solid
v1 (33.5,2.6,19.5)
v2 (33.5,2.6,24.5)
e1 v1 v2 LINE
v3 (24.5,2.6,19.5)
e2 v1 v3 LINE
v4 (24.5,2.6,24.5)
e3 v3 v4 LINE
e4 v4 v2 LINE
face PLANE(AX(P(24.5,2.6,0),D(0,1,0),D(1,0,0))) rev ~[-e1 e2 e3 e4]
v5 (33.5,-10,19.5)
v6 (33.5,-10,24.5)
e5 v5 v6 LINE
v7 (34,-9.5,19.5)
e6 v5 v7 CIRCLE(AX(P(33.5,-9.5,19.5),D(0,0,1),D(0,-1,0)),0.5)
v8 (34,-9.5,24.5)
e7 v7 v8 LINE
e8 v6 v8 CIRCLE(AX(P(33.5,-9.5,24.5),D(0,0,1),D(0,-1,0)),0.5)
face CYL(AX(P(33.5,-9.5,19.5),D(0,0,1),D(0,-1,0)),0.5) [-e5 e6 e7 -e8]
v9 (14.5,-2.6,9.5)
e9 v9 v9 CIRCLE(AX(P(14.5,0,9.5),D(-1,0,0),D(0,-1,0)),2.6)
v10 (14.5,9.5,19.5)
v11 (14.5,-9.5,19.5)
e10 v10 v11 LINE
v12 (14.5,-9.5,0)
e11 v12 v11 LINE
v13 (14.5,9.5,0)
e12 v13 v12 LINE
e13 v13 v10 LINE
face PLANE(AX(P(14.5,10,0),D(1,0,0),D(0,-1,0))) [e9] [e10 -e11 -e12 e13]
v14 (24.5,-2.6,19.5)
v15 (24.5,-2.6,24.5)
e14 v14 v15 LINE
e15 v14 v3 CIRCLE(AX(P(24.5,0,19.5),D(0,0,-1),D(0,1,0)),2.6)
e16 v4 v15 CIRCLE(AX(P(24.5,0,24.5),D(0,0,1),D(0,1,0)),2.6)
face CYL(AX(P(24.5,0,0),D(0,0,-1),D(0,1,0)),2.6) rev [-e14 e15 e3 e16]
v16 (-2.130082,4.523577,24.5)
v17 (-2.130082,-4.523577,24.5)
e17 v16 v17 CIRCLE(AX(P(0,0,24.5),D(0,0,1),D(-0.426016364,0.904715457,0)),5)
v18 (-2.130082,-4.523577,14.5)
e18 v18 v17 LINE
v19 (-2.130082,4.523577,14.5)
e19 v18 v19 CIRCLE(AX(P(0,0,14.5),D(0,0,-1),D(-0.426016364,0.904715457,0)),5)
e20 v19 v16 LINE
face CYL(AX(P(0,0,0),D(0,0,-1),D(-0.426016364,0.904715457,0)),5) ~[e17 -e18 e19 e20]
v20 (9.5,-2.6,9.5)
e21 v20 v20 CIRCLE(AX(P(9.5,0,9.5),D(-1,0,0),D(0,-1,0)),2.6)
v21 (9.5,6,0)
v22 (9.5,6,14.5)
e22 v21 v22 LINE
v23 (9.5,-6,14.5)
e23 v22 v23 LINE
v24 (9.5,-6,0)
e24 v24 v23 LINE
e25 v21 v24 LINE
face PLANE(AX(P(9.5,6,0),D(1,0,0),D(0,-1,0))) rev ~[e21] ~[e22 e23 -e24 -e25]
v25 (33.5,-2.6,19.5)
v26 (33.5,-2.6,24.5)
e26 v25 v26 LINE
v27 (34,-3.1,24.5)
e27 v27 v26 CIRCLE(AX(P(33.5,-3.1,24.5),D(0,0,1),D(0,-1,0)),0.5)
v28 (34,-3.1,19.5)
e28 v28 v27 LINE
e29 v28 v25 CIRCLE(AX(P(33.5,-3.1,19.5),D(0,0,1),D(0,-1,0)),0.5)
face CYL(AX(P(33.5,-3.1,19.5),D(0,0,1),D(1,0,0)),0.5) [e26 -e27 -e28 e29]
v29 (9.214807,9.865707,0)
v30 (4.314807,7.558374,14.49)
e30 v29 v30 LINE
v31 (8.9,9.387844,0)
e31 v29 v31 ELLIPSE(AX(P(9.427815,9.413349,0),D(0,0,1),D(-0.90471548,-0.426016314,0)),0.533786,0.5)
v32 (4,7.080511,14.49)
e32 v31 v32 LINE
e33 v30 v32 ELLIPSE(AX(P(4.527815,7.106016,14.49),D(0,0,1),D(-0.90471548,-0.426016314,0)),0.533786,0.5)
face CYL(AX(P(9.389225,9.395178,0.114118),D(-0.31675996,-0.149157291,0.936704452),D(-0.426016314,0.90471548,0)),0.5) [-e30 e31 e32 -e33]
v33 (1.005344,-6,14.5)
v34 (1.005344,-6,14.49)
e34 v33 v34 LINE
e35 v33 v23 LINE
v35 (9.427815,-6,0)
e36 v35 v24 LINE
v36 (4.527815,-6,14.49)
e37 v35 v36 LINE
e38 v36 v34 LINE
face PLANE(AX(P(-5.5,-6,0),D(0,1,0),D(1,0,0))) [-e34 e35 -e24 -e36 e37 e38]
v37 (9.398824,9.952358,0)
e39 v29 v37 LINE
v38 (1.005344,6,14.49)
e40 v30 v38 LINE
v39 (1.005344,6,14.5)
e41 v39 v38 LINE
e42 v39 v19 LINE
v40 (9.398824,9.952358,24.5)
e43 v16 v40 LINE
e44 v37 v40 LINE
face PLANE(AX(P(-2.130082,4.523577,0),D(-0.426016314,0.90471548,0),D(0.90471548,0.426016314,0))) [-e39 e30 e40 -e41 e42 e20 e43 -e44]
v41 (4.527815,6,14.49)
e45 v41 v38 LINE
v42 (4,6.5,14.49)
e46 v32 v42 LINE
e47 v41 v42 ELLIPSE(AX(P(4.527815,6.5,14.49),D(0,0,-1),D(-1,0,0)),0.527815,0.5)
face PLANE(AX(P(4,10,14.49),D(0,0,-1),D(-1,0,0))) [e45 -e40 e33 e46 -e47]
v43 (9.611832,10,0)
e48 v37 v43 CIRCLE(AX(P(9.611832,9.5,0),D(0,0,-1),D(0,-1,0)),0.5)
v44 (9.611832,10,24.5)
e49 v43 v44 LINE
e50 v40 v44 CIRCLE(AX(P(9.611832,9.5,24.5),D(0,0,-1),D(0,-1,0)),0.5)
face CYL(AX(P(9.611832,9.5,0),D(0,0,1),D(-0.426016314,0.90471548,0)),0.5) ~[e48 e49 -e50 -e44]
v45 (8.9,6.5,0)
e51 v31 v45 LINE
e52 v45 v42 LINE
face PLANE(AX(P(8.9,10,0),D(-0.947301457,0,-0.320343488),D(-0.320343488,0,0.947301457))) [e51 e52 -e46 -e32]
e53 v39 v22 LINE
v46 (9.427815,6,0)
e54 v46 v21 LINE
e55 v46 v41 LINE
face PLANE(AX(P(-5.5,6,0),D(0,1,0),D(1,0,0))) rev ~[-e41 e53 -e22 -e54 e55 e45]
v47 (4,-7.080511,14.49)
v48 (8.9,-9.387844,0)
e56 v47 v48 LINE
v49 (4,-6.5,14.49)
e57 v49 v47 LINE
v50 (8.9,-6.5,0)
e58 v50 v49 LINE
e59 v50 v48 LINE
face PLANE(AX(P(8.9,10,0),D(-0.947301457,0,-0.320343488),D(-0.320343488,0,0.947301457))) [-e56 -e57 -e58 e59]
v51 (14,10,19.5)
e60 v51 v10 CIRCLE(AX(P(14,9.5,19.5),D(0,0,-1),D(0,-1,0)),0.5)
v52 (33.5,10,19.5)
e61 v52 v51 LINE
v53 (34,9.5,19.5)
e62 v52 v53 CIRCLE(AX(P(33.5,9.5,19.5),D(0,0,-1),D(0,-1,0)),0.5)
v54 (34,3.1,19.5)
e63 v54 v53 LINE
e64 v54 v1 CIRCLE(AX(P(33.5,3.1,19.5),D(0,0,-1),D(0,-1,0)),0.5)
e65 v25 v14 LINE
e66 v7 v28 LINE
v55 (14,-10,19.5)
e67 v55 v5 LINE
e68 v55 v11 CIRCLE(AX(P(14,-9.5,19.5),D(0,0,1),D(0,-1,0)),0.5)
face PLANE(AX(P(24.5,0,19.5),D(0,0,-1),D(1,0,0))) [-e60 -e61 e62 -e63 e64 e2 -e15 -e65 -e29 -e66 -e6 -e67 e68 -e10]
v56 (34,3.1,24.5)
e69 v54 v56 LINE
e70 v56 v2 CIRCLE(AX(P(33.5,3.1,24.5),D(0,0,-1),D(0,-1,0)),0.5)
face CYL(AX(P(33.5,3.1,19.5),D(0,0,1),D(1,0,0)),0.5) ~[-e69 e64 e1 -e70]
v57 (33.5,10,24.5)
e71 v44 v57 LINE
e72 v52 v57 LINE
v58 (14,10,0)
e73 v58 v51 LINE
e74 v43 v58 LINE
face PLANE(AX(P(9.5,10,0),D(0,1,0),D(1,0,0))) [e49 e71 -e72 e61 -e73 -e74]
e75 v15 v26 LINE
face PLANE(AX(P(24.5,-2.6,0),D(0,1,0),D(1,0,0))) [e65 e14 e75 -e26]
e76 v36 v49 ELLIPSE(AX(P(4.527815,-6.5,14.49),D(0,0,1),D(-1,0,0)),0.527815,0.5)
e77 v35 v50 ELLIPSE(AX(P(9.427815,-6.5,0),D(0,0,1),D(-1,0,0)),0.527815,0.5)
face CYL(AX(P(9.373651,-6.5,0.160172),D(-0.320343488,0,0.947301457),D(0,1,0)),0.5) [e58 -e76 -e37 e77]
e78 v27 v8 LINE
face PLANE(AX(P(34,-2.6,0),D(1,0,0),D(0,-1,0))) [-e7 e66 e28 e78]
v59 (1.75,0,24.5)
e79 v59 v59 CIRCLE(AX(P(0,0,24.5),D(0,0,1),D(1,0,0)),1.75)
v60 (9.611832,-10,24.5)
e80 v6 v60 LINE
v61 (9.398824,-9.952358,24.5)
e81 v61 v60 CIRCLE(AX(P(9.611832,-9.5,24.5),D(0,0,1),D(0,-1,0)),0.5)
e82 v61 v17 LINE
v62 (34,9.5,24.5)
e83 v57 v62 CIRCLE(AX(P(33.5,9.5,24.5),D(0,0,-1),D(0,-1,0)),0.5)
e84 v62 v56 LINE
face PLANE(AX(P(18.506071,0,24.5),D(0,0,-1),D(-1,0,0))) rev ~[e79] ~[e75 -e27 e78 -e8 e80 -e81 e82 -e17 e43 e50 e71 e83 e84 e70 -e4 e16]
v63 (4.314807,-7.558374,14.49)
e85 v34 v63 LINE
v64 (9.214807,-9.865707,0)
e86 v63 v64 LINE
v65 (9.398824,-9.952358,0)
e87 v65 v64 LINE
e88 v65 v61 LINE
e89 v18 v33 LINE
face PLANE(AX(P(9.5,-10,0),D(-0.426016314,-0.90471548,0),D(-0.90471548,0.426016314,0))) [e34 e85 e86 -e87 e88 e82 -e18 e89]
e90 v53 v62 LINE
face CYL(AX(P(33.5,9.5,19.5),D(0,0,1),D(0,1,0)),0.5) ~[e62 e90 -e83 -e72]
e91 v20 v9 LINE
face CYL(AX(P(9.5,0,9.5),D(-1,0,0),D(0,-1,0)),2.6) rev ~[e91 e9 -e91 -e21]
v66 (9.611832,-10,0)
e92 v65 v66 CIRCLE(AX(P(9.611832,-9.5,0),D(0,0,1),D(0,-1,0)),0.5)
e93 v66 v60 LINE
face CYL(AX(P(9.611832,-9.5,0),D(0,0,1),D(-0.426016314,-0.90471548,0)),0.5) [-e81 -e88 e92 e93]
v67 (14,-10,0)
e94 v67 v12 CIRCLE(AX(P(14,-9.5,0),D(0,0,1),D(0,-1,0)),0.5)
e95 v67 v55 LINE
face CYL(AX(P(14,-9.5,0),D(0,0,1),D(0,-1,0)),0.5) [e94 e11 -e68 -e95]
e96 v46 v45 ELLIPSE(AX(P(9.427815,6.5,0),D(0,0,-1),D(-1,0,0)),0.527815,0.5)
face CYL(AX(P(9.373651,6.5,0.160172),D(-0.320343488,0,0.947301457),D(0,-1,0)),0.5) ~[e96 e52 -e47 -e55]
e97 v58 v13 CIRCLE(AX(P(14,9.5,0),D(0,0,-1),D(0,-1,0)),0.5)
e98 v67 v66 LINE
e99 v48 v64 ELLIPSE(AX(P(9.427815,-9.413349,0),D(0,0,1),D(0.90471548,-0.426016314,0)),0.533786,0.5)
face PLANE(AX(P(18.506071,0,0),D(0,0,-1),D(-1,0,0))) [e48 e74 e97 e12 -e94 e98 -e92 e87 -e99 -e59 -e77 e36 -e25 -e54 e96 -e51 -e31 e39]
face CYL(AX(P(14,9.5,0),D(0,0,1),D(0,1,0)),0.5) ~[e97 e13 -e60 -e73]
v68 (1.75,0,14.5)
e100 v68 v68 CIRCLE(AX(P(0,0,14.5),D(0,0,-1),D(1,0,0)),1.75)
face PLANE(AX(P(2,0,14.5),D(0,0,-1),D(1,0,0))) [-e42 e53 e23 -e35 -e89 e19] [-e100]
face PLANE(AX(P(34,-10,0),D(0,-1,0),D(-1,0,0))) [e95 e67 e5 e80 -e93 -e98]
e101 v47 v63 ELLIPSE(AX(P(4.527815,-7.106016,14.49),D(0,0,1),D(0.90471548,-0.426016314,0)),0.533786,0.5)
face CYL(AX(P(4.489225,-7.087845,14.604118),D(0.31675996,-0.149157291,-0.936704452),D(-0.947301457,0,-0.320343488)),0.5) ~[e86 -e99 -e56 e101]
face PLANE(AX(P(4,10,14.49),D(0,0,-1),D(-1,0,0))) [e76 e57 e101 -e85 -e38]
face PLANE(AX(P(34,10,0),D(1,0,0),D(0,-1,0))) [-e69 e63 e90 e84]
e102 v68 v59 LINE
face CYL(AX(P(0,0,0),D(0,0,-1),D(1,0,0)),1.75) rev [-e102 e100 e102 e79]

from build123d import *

# Parameters (mm, degrees)
SKETCH_R        = 1.75
PAD_DEPTH       = 24.5
SKETCH001_W     = 15
SKETCH001_H     = 12
POCKET_DEPTH    = 14.5
SKETCH002_W     = 20
SKETCH002_H     = 20
POCKET001_DEPTH = 19.5
SKETCH003_R     = 2.6
POCKET002_DEPTH = 24.501
POCKET003_DEPTH = 20.001
FILLET_R        = 0.5


with BuildPart() as part:
    # Sketch → Pad (new body)
    with BuildSketch(Plane.XY):
        with BuildLine():
            Line((-2.130082, 4.523577), (9.5, 10))
            Line((9.5, 10), (34, 10))
            Line((34, 10), (34, 2.6))
            Line((24.5, 2.6), (34, 2.6))
            ThreePointArc((24.5, 2.6), (21.9, 0), (24.5, -2.6))
            Line((24.5, -2.6), (34, -2.6))
            Line((34, -2.6), (34, -10))
            Line((34, -10), (9.5, -10))
            Line((9.5, -10), (-2.130082, -4.523577))
            ThreePointArc((-2.130082, 4.523577), (-5, 0), (-2.130082, -4.523577))
        make_face()
        Circle(SKETCH_R, mode=Mode.SUBTRACT)
    extrude(amount=PAD_DEPTH)

    # Sketch001 (on Face12 of Pad) → Pocket (cut)
    with BuildSketch(Plane(origin=(0, 0, 0), x_dir=(1, 0, 0), z_dir=(0, 0, -1))):
        with Locations((2, 0)):
            Rectangle(SKETCH001_W, SKETCH001_H)
    extrude(amount=-POCKET_DEPTH, mode=Mode.SUBTRACT)

    # Sketch002 (on Face4 of Pocket) → Pocket001 (cut)
    with BuildSketch(Plane(origin=(0, 0, 0), x_dir=(1, 0, 0), z_dir=(0, 0, -1))):
        with Locations((24.5, 0)):
            Rectangle(SKETCH002_W, SKETCH002_H)
    extrude(amount=-POCKET001_DEPTH, mode=Mode.SUBTRACT)

    # Sketch003 (on Face9 of Pocket001) → Pocket002 (cut, through all)
    with BuildSketch(Plane(origin=(9.5, 0, 0), x_dir=(0, -1, 0), z_dir=(-1, 0, 0))):
        with Locations((0, 9.5)):
            Circle(SKETCH003_R)
    extrude(amount=-POCKET002_DEPTH, mode=Mode.SUBTRACT)

    # Sketch004 (on Face5 of Pocket002) → Pocket003 (cut, through all)
    with BuildSketch(Plane(origin=(0, 10, 0), x_dir=(-1, 0, 0), z_dir=(0, 1, 0))):
        Polygon((-8.9, 0), (-4, 14.49), (0, 14.49), (0, 0), align=None)
    extrude(amount=-POCKET003_DEPTH, mode=Mode.SUBTRACT)

    # Fillet
    fillet_edges = [part.edges().sort_by_distance(p)[0] for p in [
        (6.45, -8.563803, 7.245),
        (6.45, -6, 7.245),
        (6.45, 6, 7.245),
        (6.45, 8.563803, 7.245),
        (14.5, -10, 9.75),
        (14.5, 10, 9.75),
        (34, -2.6, 22),
        (34, 2.6, 22),
        (9.5, -10, 12.25),
        (9.5, 10, 12.25),
        (34, -10, 22),
        (34, 10, 22),
    ]]
    fillet(fillet_edges, radius=FILLET_R)


solid = part.part
